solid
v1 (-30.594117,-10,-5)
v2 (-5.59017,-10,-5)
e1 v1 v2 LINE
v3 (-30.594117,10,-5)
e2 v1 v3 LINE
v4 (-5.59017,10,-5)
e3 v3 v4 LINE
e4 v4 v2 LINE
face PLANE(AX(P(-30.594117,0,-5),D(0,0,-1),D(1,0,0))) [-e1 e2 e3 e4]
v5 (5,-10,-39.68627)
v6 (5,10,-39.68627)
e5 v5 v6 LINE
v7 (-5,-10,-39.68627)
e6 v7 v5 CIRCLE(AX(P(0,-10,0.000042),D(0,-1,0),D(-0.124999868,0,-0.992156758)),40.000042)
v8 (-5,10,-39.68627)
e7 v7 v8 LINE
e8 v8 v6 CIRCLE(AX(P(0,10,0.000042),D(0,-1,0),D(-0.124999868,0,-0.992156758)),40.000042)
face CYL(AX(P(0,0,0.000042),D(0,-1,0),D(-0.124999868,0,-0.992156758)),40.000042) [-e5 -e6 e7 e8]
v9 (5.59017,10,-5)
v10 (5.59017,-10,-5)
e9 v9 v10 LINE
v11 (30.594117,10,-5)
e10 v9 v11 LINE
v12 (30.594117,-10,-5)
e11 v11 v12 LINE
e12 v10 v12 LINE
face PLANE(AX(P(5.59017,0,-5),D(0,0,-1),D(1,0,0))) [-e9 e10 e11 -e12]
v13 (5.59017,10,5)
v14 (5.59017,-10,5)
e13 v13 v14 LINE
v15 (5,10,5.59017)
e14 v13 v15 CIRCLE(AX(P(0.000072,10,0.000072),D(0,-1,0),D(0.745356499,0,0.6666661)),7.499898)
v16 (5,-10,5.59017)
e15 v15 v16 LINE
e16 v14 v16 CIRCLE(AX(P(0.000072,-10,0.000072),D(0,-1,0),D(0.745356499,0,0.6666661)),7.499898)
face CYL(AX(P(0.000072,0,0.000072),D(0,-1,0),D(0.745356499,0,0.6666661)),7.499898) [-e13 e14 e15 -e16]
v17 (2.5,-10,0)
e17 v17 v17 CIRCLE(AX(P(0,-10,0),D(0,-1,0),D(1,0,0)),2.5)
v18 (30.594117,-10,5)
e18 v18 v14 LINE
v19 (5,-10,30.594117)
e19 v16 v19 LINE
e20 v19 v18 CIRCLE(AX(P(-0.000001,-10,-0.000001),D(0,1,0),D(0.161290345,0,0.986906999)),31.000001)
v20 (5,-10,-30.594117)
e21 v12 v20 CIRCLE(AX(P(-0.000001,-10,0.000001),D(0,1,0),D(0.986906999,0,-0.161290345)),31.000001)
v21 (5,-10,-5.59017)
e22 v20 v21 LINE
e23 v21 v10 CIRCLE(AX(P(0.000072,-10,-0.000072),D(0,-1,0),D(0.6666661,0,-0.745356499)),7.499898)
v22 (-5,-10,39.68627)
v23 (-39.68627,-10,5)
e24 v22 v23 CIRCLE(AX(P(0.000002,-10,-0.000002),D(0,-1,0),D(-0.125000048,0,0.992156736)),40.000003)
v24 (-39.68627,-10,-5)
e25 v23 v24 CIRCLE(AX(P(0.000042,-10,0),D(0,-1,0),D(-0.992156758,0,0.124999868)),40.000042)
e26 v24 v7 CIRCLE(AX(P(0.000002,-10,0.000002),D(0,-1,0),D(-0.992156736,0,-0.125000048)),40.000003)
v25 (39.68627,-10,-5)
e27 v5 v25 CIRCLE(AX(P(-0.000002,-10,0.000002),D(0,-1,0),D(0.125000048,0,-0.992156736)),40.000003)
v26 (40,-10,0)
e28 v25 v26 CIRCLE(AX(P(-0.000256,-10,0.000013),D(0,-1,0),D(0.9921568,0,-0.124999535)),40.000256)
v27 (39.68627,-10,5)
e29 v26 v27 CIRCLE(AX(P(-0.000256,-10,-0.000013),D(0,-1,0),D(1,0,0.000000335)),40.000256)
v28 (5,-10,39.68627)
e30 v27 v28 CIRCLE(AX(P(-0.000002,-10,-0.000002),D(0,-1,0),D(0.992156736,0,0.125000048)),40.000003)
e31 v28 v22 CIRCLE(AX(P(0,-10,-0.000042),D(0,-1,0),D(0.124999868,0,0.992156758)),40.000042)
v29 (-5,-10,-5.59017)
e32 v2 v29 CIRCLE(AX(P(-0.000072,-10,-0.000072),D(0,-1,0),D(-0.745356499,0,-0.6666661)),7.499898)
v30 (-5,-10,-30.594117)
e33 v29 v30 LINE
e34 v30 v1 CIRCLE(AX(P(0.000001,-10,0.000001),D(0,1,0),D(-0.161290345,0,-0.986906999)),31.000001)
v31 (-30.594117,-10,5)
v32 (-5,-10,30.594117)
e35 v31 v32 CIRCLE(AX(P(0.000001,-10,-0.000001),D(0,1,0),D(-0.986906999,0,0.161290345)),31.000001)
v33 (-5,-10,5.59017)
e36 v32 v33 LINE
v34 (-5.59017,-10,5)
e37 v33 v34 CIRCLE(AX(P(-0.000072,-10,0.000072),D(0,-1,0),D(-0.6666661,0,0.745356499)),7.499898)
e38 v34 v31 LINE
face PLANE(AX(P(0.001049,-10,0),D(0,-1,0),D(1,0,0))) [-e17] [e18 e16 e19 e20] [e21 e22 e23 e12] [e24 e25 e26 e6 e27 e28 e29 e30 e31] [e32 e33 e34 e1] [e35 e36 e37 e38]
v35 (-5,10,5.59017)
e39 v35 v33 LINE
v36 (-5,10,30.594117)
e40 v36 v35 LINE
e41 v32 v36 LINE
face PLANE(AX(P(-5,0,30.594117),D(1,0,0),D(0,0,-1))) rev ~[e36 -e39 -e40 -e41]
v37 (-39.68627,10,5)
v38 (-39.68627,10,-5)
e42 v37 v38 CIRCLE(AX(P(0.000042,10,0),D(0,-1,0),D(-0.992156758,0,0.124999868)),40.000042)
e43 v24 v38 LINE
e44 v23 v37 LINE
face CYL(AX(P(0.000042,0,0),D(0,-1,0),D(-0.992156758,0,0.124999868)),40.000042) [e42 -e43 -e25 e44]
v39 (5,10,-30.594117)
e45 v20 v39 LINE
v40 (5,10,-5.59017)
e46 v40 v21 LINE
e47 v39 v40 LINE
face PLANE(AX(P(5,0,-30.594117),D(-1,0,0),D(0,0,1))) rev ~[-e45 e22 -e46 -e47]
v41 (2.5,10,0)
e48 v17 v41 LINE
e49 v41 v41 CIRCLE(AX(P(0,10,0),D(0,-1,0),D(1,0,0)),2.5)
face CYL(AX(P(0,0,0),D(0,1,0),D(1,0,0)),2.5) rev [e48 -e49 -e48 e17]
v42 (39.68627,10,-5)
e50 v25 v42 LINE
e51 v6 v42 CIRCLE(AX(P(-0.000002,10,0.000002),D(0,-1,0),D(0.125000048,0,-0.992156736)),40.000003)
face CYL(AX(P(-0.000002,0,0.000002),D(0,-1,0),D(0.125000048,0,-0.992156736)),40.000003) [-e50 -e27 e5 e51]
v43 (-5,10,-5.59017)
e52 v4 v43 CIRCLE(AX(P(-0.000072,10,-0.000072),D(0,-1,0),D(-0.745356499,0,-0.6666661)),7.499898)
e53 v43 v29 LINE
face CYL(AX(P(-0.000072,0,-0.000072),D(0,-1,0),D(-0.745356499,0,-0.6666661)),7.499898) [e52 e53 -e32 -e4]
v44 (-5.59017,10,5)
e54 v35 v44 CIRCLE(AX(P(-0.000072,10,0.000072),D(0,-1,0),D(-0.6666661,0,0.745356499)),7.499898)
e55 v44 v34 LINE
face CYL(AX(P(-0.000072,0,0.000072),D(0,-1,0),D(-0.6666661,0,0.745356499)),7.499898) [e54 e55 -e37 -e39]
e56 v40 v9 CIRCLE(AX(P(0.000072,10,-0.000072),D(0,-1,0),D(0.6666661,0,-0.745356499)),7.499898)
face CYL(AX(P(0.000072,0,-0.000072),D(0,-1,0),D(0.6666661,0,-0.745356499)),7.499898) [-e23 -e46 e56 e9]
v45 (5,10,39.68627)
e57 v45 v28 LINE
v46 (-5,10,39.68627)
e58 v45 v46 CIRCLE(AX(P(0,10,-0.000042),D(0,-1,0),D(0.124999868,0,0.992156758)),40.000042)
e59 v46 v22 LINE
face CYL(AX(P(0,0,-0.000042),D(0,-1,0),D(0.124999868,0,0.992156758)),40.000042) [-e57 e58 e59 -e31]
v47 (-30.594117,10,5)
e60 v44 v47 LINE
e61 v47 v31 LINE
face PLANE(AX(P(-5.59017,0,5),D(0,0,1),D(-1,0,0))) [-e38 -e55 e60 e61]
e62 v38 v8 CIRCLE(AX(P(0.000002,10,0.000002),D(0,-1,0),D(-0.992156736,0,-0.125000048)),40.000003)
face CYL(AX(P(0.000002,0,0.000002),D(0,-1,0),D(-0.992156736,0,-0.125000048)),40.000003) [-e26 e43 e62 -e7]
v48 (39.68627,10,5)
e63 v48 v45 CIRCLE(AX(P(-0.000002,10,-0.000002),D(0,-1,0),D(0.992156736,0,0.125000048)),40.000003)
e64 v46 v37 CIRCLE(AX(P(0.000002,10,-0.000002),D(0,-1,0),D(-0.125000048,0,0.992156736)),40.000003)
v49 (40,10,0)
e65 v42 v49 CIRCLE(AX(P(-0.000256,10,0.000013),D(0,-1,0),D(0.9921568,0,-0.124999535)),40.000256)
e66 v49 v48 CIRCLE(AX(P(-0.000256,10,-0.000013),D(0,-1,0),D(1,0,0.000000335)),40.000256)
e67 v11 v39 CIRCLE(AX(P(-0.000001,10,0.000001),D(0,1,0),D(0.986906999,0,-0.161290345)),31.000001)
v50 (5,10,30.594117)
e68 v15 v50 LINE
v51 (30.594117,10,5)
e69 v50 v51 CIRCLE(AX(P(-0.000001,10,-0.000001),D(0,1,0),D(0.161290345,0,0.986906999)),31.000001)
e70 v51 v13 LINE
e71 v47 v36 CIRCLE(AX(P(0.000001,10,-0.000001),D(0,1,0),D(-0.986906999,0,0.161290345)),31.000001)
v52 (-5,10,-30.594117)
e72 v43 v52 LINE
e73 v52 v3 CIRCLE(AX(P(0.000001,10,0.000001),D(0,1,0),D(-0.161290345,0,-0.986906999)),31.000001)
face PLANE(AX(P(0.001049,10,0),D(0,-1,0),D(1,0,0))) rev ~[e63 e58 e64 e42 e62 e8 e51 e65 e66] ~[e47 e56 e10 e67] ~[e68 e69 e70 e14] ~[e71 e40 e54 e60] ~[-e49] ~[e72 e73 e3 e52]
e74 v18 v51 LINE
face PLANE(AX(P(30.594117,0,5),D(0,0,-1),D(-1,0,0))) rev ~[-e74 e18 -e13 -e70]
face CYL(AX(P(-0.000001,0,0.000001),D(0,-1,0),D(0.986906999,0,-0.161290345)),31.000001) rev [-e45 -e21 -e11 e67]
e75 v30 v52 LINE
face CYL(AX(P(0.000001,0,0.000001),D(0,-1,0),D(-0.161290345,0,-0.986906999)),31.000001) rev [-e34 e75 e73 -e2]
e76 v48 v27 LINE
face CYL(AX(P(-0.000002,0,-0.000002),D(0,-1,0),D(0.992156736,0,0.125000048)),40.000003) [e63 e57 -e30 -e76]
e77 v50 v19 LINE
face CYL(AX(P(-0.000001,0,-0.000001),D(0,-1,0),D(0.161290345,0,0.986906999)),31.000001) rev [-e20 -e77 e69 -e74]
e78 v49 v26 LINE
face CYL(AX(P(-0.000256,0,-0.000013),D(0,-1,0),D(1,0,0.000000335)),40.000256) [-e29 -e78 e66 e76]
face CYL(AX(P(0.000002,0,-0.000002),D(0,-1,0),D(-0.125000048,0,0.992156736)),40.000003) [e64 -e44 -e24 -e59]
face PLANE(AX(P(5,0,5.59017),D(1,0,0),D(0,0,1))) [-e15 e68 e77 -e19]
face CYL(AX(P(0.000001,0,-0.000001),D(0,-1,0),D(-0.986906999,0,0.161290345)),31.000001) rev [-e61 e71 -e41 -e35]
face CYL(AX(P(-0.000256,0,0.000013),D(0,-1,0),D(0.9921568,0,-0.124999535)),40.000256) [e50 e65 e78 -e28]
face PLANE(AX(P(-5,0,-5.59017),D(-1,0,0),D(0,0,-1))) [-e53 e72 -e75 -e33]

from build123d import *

# Parameters (mm, degrees)
F0_R     = 2.5
F1_DEPTH = 10


with BuildPart() as f1:
    # F0 (on Front) → F1 (new body, symmetric)
    with BuildSketch(Plane.XZ):
        with BuildLine():
            ThreePointArc((39.68627, -5), (39.92149, -2.504917), (40, 0))
            ThreePointArc((40, 0), (39.92149, 2.504917), (39.68627, 5))
            ThreePointArc((39.68627, 5), (28.284271, 28.284271), (5, 39.68627))
            ThreePointArc((5, 39.68627), (0, 40), (-5, 39.68627))
            ThreePointArc((-5, 39.68627), (-28.284271, 28.284271), (-39.68627, 5))
            ThreePointArc((-39.68627, 5), (-40, 0), (-39.68627, -5))
            ThreePointArc((-39.68627, -5), (-28.284271, -28.284271), (-5, -39.68627))
            ThreePointArc((-5, -39.68627), (0, -40), (5, -39.68627))
            ThreePointArc((5, -39.68627), (28.284271, -28.284271), (39.68627, -5))
        make_face()
        with BuildLine():
            ThreePointArc((-5.59017, -5), (-5.303301, -5.303301), (-5, -5.59017))
            Line((-5, -5.59017), (-5, -30.594117))
            ThreePointArc((-5, -30.594117), (-21.92031, -21.92031), (-30.594117, -5))
            Line((-30.594117, -5), (-5.59017, -5))
        make_face(mode=Mode.SUBTRACT)
        with BuildLine():
            ThreePointArc((30.594117, -5), (21.92031, -21.92031), (5, -30.594117))
            Line((5, -30.594117), (5, -5.59017))
            ThreePointArc((5, -5.59017), (5.303301, -5.303301), (5.59017, -5))
            Line((5.59017, -5), (30.594117, -5))
        make_face(mode=Mode.SUBTRACT)
        with BuildLine():
            ThreePointArc((-30.594117, 5), (-21.92031, 21.92031), (-5, 30.594117))
            Line((-5, 30.594117), (-5, 5.59017))
            ThreePointArc((-5, 5.59017), (-5.303301, 5.303301), (-5.59017, 5))
            Line((-5.59017, 5), (-30.594117, 5))
        make_face(mode=Mode.SUBTRACT)
        Circle(F0_R, mode=Mode.SUBTRACT)
        with BuildLine():
            Line((30.594117, 5), (5.59017, 5))
            ThreePointArc((5.59017, 5), (5.303301, 5.303301), (5, 5.59017))
            Line((5, 5.59017), (5, 30.594117))
            ThreePointArc((5, 30.594117), (21.92031, 21.92031), (30.594117, 5))
        make_face(mode=Mode.SUBTRACT)
    extrude(amount=F1_DEPTH, both=True)


solid = f1.part
